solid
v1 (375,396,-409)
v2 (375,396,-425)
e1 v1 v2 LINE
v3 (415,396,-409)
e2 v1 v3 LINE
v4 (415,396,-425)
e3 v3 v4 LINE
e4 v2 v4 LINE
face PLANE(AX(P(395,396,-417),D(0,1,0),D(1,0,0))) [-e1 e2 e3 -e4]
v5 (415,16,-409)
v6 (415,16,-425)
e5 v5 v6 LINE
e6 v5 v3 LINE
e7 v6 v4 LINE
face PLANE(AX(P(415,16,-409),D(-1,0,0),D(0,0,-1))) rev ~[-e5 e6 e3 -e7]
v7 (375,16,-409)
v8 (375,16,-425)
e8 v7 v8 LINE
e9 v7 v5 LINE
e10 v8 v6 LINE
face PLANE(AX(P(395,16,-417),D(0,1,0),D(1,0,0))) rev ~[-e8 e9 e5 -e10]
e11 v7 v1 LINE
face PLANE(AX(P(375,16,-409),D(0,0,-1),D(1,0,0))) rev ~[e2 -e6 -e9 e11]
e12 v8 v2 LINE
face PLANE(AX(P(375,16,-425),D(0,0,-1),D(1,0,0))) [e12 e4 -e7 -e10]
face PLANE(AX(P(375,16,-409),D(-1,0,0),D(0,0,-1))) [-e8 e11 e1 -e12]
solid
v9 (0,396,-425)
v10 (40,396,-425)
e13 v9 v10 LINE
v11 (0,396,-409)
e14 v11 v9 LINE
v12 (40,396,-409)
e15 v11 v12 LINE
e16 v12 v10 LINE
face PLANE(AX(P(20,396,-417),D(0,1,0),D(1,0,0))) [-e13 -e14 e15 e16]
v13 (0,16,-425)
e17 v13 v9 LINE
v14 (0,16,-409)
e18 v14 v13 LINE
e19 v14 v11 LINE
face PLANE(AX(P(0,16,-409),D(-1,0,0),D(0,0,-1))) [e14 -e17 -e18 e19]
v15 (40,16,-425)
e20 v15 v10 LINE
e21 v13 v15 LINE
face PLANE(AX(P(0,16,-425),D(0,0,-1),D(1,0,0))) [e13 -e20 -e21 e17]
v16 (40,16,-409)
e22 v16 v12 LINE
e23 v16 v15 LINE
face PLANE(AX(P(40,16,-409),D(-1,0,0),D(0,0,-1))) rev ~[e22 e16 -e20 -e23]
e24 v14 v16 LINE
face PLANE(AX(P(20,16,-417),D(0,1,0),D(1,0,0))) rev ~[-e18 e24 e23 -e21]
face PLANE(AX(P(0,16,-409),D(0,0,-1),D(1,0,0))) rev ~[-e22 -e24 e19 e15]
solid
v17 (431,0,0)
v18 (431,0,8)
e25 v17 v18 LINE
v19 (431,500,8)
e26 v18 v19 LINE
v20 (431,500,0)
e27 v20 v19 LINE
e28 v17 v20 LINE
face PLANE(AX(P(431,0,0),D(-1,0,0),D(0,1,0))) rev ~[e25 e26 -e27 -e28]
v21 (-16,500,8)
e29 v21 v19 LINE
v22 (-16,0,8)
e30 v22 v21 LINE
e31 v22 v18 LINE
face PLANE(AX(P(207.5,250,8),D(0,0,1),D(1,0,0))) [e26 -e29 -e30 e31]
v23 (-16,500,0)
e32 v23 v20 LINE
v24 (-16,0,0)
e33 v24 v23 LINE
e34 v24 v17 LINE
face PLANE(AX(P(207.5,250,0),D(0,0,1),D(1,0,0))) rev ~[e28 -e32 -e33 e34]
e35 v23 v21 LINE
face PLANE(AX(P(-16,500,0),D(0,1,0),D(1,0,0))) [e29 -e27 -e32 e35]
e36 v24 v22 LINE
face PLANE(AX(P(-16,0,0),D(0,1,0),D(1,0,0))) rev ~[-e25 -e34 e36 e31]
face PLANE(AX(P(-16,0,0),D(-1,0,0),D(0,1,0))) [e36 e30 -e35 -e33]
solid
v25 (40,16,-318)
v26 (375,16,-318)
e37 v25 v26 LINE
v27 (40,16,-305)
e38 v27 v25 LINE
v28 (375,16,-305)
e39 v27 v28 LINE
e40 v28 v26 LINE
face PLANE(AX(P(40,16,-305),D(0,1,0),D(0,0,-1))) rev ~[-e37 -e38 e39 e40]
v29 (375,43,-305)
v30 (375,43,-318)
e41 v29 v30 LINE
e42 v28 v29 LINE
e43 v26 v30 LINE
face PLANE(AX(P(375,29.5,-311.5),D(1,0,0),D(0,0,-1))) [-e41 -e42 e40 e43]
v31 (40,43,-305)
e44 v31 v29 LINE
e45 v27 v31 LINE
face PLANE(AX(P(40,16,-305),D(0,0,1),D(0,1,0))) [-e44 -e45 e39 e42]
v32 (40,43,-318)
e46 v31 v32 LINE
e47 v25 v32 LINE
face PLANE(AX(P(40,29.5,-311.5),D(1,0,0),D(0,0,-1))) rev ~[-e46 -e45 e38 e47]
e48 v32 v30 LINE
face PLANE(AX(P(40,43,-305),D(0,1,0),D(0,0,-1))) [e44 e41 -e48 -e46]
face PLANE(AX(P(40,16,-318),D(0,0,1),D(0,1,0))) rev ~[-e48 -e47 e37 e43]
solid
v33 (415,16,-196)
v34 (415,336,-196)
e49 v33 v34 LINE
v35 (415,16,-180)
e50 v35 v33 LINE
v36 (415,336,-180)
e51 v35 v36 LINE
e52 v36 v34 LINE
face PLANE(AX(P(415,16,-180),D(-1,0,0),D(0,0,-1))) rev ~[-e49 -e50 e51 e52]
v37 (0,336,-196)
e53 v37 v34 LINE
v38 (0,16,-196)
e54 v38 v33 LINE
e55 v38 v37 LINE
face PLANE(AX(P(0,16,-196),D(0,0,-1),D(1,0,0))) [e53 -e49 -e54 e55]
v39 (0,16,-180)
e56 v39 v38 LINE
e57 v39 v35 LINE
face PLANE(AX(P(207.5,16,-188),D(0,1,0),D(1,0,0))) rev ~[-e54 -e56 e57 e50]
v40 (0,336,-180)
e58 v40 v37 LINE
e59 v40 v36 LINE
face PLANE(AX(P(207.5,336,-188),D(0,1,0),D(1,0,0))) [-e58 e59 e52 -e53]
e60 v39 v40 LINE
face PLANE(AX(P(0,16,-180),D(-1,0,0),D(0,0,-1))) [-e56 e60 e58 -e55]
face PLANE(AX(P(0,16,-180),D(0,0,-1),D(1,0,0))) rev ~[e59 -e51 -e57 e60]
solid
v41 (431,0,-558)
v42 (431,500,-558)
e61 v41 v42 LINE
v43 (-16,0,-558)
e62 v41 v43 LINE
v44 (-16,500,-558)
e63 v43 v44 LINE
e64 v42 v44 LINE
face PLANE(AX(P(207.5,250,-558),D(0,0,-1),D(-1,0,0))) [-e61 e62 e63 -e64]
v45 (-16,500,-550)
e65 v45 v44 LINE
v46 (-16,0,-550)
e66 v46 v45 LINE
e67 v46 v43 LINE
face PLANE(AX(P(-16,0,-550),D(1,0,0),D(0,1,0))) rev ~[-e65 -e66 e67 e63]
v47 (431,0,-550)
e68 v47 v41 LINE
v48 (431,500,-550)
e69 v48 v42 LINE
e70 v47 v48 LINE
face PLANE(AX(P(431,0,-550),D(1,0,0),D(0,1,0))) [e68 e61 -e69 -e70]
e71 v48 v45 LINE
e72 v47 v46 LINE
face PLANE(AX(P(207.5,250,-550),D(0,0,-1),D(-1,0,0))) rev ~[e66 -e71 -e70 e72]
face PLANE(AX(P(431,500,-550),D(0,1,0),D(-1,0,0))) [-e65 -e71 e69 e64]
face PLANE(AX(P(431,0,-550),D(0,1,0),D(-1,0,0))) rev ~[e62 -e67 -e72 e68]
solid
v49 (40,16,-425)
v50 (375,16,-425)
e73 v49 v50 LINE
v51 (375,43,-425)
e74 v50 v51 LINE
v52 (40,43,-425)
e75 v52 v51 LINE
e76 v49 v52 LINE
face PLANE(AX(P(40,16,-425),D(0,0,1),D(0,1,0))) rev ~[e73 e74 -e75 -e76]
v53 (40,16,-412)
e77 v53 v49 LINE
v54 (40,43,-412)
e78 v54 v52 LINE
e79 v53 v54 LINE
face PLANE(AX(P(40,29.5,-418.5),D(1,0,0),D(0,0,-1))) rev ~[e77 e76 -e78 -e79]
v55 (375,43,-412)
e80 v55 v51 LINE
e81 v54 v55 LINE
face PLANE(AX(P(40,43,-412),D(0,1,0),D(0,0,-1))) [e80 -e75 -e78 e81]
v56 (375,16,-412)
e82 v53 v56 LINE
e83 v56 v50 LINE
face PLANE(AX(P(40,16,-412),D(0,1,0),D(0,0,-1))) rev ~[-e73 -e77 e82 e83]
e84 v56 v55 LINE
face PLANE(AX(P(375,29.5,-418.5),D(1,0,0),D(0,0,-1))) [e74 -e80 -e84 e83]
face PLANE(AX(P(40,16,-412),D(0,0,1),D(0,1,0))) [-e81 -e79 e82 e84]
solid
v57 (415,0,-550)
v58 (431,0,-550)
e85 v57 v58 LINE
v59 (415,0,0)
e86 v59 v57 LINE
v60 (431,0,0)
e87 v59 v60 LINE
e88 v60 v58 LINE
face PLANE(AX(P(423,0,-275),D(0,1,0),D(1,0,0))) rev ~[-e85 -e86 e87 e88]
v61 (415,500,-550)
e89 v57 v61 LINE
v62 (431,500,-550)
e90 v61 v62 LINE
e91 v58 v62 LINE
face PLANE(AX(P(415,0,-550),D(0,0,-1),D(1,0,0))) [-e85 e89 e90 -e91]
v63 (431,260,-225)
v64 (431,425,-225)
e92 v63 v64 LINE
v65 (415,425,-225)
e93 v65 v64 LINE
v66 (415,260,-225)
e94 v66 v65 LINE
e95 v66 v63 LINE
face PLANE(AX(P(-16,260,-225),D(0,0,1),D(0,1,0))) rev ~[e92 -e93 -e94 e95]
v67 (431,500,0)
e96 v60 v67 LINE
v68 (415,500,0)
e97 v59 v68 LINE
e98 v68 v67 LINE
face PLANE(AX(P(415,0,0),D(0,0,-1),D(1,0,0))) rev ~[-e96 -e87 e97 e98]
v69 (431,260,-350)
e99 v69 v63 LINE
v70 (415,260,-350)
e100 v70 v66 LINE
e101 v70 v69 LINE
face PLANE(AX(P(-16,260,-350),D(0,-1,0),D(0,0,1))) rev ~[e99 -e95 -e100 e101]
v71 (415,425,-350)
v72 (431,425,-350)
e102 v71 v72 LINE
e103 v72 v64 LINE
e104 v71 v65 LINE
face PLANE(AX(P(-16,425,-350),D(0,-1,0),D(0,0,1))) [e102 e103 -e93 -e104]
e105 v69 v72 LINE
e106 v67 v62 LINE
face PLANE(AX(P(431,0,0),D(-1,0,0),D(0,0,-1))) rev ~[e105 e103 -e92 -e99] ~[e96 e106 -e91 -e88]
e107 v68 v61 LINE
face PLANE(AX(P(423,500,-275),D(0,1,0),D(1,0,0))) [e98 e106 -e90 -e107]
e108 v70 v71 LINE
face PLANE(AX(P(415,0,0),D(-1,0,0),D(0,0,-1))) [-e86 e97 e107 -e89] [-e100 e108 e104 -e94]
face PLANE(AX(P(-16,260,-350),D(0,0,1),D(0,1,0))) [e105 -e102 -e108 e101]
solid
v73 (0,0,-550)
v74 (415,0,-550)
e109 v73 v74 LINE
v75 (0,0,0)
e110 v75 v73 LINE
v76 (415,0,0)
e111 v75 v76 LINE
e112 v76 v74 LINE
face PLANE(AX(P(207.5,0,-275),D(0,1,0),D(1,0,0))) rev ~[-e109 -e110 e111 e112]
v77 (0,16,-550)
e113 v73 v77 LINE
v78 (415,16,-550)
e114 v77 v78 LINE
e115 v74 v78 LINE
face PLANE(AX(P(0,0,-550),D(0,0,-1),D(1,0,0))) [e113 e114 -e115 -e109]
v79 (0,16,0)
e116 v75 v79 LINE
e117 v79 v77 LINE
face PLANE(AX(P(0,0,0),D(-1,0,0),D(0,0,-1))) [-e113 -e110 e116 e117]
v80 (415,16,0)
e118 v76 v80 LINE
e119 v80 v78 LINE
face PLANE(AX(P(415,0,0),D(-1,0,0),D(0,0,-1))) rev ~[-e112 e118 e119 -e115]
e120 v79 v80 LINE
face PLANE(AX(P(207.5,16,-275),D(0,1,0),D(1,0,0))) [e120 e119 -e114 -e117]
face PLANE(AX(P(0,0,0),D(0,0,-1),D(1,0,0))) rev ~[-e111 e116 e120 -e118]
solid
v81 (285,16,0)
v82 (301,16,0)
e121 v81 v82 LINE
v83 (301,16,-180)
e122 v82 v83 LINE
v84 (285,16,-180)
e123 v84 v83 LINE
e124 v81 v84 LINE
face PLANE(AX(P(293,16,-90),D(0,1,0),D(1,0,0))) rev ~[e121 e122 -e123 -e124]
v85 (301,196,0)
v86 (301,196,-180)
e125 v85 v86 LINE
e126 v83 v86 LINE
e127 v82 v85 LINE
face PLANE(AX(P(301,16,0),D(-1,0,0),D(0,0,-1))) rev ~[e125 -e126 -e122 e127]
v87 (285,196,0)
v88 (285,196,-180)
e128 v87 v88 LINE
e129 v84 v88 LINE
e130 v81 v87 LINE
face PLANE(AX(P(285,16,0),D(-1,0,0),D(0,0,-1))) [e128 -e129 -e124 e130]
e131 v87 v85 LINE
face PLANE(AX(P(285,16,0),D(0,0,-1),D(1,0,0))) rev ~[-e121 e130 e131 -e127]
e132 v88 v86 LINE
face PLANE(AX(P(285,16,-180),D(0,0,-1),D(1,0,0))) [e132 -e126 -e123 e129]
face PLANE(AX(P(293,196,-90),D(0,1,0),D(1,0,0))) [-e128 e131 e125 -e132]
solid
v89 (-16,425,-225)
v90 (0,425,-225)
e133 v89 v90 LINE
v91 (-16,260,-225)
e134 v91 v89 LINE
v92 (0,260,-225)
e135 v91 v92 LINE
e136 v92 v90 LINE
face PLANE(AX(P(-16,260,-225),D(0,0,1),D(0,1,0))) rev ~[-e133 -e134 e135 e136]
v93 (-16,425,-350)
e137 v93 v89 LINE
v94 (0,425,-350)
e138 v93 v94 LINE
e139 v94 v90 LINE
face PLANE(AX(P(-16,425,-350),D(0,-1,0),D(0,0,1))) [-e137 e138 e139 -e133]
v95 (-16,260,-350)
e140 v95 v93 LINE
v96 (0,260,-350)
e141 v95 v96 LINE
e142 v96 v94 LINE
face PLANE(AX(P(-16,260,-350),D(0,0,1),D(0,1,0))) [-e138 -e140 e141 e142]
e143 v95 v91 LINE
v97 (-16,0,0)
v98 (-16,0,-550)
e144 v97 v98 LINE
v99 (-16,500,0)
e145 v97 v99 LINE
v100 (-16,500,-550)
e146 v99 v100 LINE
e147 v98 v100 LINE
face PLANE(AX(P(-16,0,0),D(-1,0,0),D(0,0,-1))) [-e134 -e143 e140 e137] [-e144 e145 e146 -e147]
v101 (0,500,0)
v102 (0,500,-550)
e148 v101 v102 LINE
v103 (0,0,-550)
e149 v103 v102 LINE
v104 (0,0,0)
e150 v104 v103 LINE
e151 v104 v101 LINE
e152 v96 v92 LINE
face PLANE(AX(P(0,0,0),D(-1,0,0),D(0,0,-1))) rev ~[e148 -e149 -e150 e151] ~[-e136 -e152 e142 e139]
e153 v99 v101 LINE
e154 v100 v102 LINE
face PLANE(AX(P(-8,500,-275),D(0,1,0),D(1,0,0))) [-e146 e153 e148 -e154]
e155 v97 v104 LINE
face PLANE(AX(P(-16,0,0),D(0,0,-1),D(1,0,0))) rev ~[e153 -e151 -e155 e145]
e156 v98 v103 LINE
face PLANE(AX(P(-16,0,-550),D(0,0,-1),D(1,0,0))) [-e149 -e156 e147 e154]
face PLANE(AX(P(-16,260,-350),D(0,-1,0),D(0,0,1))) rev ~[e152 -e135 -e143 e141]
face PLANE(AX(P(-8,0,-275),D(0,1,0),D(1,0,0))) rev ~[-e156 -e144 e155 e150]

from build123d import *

# Parameters (mm, degrees)
ESQUISSE1_W             = 415
ESQUISSE1_H             = 550
BOSS_EXTRU_1_DEPTH      = 16
BOSS_EXTRU_2_START      = 40
ESQUISSE2_W             = 13
ESQUISSE2_H             = 27
BOSS_EXTRU_2_DEPTH      = 335
BOSS_EXTRU_2_2_DEPTH    = 335
ESQUISSE3_W             = 16
ESQUISSE3_H             = 550
BOSS_EXTRU_3_DEPTH      = 500
BOSS_EXTRU_3_2_DEPTH    = 500
ESQUISSE4_W             = 125
ESQUISSE4_H             = 165
ENL_V_MAT_EXTRU_1_DEPTH = 868.357481088
ESQUISSE5_W             = 415
ESQUISSE5_H             = 16
BOSS_EXTRU_4_DEPTH      = 320
ESQUISSE6_W             = 447
ESQUISSE6_H             = 500
BOSS_EXTRU_5_DEPTH      = 8
ESQUISSE7_W             = 447
ESQUISSE7_H             = 500
BOSS_EXTRU_6_DEPTH      = 8
ESQUISSE9_W             = 40
ESQUISSE9_H             = 16
BOSS_EXTRU_8_DEPTH      = 380
BOSS_EXTRU_8_2_DEPTH    = 380
ESQUISSE10_W            = 16
ESQUISSE10_H            = 180
BOSS_EXTRU_9_DEPTH      = 180


with BuildPart() as part:
    # Esquisse1 → Boss.-Extru.1 (new body)
    with BuildSketch(Plane(origin=(0, 0, 0), x_dir=(1, 0, 0), z_dir=(0, 1, 0))):
        with Locations((207.5, 275)):
            Rectangle(ESQUISSE1_W, ESQUISSE1_H)
    extrude(amount=BOSS_EXTRU_1_DEPTH)


with BuildPart() as body_2:
    # Esquisse2 → Boss.-Extru.2 (new body)
    with BuildSketch(Plane(origin=(0, 0, -500), x_dir=(0, 0, -1), z_dir=(1, 0, 0)).offset(BOSS_EXTRU_2_START)):
        with Locations((-188.5, 29.5)):
            Rectangle(ESQUISSE2_W, ESQUISSE2_H)
    extrude(amount=BOSS_EXTRU_2_DEPTH)


with BuildPart() as body_3:
    # Esquisse2 → Boss.-Extru.2 2 (new body)
    with BuildSketch(Plane(origin=(0, 0, -500), x_dir=(0, 0, -1), z_dir=(1, 0, 0)).offset(BOSS_EXTRU_2_START)):
        with Locations((-81.5, 29.5)):
            Rectangle(ESQUISSE2_W, ESQUISSE2_H)
    extrude(amount=BOSS_EXTRU_2_2_DEPTH)


with BuildPart() as body_4:
    # Esquisse3 → Boss.-Extru.3 (new body)
    with BuildSketch(Plane(origin=(0, 0, 0), x_dir=(1, 0, 0), z_dir=(0, 1, 0))):
        with Locations((-8, 275)):
            Rectangle(ESQUISSE3_W, ESQUISSE3_H)
    extrude(amount=BOSS_EXTRU_3_DEPTH)


with BuildPart() as body_5:
    # Esquisse3 → Boss.-Extru.3 2 (new body)
    with BuildSketch(Plane(origin=(0, 0, 0), x_dir=(1, 0, 0), z_dir=(0, 1, 0))):
        with Locations((423, 275)):
            Rectangle(ESQUISSE3_W, ESQUISSE3_H)
    extrude(amount=BOSS_EXTRU_3_2_DEPTH)


with BuildPart() as enl_v_mat_extru_1_tool:
    # Esquisse4 → Enlèv. mat.-Extru.1 (new, through all)
    with BuildSketch(Plane.ZY.offset(16)):
        with Locations((-287.5, 342.5)):
            Rectangle(ESQUISSE4_W, ESQUISSE4_H)
    extrude(amount=-ENL_V_MAT_EXTRU_1_DEPTH)


with BuildPart() as body_4_1:
    add(body_4.part)

    # Enlèv. mat.-Extru.1: cut by enl_v_mat_extru_1_tool
    add(enl_v_mat_extru_1_tool.part, mode=Mode.SUBTRACT)


with BuildPart() as body_5_1:
    add(body_5.part)

    # Enlèv. mat.-Extru.1: cut by enl_v_mat_extru_1_tool
    add(enl_v_mat_extru_1_tool.part, mode=Mode.SUBTRACT)


with BuildPart() as body_6:
    # Esquisse5 → Boss.-Extru.4 (new body)
    with BuildSketch(Plane(origin=(0, 16, 0), x_dir=(1, 0, 0), z_dir=(0, 1, 0))):
        with Locations((207.5, 188)):
            Rectangle(ESQUISSE5_W, ESQUISSE5_H)
    extrude(amount=BOSS_EXTRU_4_DEPTH)


with BuildPart() as body_7:
    # Esquisse6 → Boss.-Extru.5 (new body)
    with BuildSketch(Plane(origin=(0, 0, -550), x_dir=(-1, 0, 0), z_dir=(0, 0, -1))):
        with Locations((-207.5, 250)):
            Rectangle(ESQUISSE6_W, ESQUISSE6_H)
    extrude(amount=BOSS_EXTRU_5_DEPTH)


with BuildPart() as body_8:
    # Esquisse7 → Boss.-Extru.6 (new body)
    with BuildSketch(Plane.XY):
        with Locations((207.5, 250)):
            Rectangle(ESQUISSE7_W, ESQUISSE7_H)
    extrude(amount=BOSS_EXTRU_6_DEPTH)


with BuildPart() as body_9:
    # Esquisse9 → Boss.-Extru.8 (new body)
    with BuildSketch(Plane(origin=(0, 16, 0), x_dir=(1, 0, 0), z_dir=(0, 1, 0))):
        with Locations((20, 417)):
            Rectangle(ESQUISSE9_W, ESQUISSE9_H)
    extrude(amount=BOSS_EXTRU_8_DEPTH)


with BuildPart() as body_10:
    # Esquisse9 → Boss.-Extru.8 2 (new body)
    with BuildSketch(Plane(origin=(0, 16, 0), x_dir=(1, 0, 0), z_dir=(0, 1, 0))):
        with Locations((395, 417)):
            Rectangle(ESQUISSE9_W, ESQUISSE9_H)
    extrude(amount=BOSS_EXTRU_8_2_DEPTH)


with BuildPart() as body_11:
    # Esquisse10 → Boss.-Extru.9 (new body)
    with BuildSketch(Plane(origin=(0, 16, 0), x_dir=(1, 0, 0), z_dir=(0, 1, 0))):
        with Locations((293, 90)):
            Rectangle(ESQUISSE10_W, ESQUISSE10_H)
    extrude(amount=BOSS_EXTRU_9_DEPTH)


solid = Compound([part.part, body_2.part, body_3.part, body_4_1.part, body_5_1.part, body_6.part, body_7.part, body_8.part, body_9.part, body_10.part, body_11.part])
